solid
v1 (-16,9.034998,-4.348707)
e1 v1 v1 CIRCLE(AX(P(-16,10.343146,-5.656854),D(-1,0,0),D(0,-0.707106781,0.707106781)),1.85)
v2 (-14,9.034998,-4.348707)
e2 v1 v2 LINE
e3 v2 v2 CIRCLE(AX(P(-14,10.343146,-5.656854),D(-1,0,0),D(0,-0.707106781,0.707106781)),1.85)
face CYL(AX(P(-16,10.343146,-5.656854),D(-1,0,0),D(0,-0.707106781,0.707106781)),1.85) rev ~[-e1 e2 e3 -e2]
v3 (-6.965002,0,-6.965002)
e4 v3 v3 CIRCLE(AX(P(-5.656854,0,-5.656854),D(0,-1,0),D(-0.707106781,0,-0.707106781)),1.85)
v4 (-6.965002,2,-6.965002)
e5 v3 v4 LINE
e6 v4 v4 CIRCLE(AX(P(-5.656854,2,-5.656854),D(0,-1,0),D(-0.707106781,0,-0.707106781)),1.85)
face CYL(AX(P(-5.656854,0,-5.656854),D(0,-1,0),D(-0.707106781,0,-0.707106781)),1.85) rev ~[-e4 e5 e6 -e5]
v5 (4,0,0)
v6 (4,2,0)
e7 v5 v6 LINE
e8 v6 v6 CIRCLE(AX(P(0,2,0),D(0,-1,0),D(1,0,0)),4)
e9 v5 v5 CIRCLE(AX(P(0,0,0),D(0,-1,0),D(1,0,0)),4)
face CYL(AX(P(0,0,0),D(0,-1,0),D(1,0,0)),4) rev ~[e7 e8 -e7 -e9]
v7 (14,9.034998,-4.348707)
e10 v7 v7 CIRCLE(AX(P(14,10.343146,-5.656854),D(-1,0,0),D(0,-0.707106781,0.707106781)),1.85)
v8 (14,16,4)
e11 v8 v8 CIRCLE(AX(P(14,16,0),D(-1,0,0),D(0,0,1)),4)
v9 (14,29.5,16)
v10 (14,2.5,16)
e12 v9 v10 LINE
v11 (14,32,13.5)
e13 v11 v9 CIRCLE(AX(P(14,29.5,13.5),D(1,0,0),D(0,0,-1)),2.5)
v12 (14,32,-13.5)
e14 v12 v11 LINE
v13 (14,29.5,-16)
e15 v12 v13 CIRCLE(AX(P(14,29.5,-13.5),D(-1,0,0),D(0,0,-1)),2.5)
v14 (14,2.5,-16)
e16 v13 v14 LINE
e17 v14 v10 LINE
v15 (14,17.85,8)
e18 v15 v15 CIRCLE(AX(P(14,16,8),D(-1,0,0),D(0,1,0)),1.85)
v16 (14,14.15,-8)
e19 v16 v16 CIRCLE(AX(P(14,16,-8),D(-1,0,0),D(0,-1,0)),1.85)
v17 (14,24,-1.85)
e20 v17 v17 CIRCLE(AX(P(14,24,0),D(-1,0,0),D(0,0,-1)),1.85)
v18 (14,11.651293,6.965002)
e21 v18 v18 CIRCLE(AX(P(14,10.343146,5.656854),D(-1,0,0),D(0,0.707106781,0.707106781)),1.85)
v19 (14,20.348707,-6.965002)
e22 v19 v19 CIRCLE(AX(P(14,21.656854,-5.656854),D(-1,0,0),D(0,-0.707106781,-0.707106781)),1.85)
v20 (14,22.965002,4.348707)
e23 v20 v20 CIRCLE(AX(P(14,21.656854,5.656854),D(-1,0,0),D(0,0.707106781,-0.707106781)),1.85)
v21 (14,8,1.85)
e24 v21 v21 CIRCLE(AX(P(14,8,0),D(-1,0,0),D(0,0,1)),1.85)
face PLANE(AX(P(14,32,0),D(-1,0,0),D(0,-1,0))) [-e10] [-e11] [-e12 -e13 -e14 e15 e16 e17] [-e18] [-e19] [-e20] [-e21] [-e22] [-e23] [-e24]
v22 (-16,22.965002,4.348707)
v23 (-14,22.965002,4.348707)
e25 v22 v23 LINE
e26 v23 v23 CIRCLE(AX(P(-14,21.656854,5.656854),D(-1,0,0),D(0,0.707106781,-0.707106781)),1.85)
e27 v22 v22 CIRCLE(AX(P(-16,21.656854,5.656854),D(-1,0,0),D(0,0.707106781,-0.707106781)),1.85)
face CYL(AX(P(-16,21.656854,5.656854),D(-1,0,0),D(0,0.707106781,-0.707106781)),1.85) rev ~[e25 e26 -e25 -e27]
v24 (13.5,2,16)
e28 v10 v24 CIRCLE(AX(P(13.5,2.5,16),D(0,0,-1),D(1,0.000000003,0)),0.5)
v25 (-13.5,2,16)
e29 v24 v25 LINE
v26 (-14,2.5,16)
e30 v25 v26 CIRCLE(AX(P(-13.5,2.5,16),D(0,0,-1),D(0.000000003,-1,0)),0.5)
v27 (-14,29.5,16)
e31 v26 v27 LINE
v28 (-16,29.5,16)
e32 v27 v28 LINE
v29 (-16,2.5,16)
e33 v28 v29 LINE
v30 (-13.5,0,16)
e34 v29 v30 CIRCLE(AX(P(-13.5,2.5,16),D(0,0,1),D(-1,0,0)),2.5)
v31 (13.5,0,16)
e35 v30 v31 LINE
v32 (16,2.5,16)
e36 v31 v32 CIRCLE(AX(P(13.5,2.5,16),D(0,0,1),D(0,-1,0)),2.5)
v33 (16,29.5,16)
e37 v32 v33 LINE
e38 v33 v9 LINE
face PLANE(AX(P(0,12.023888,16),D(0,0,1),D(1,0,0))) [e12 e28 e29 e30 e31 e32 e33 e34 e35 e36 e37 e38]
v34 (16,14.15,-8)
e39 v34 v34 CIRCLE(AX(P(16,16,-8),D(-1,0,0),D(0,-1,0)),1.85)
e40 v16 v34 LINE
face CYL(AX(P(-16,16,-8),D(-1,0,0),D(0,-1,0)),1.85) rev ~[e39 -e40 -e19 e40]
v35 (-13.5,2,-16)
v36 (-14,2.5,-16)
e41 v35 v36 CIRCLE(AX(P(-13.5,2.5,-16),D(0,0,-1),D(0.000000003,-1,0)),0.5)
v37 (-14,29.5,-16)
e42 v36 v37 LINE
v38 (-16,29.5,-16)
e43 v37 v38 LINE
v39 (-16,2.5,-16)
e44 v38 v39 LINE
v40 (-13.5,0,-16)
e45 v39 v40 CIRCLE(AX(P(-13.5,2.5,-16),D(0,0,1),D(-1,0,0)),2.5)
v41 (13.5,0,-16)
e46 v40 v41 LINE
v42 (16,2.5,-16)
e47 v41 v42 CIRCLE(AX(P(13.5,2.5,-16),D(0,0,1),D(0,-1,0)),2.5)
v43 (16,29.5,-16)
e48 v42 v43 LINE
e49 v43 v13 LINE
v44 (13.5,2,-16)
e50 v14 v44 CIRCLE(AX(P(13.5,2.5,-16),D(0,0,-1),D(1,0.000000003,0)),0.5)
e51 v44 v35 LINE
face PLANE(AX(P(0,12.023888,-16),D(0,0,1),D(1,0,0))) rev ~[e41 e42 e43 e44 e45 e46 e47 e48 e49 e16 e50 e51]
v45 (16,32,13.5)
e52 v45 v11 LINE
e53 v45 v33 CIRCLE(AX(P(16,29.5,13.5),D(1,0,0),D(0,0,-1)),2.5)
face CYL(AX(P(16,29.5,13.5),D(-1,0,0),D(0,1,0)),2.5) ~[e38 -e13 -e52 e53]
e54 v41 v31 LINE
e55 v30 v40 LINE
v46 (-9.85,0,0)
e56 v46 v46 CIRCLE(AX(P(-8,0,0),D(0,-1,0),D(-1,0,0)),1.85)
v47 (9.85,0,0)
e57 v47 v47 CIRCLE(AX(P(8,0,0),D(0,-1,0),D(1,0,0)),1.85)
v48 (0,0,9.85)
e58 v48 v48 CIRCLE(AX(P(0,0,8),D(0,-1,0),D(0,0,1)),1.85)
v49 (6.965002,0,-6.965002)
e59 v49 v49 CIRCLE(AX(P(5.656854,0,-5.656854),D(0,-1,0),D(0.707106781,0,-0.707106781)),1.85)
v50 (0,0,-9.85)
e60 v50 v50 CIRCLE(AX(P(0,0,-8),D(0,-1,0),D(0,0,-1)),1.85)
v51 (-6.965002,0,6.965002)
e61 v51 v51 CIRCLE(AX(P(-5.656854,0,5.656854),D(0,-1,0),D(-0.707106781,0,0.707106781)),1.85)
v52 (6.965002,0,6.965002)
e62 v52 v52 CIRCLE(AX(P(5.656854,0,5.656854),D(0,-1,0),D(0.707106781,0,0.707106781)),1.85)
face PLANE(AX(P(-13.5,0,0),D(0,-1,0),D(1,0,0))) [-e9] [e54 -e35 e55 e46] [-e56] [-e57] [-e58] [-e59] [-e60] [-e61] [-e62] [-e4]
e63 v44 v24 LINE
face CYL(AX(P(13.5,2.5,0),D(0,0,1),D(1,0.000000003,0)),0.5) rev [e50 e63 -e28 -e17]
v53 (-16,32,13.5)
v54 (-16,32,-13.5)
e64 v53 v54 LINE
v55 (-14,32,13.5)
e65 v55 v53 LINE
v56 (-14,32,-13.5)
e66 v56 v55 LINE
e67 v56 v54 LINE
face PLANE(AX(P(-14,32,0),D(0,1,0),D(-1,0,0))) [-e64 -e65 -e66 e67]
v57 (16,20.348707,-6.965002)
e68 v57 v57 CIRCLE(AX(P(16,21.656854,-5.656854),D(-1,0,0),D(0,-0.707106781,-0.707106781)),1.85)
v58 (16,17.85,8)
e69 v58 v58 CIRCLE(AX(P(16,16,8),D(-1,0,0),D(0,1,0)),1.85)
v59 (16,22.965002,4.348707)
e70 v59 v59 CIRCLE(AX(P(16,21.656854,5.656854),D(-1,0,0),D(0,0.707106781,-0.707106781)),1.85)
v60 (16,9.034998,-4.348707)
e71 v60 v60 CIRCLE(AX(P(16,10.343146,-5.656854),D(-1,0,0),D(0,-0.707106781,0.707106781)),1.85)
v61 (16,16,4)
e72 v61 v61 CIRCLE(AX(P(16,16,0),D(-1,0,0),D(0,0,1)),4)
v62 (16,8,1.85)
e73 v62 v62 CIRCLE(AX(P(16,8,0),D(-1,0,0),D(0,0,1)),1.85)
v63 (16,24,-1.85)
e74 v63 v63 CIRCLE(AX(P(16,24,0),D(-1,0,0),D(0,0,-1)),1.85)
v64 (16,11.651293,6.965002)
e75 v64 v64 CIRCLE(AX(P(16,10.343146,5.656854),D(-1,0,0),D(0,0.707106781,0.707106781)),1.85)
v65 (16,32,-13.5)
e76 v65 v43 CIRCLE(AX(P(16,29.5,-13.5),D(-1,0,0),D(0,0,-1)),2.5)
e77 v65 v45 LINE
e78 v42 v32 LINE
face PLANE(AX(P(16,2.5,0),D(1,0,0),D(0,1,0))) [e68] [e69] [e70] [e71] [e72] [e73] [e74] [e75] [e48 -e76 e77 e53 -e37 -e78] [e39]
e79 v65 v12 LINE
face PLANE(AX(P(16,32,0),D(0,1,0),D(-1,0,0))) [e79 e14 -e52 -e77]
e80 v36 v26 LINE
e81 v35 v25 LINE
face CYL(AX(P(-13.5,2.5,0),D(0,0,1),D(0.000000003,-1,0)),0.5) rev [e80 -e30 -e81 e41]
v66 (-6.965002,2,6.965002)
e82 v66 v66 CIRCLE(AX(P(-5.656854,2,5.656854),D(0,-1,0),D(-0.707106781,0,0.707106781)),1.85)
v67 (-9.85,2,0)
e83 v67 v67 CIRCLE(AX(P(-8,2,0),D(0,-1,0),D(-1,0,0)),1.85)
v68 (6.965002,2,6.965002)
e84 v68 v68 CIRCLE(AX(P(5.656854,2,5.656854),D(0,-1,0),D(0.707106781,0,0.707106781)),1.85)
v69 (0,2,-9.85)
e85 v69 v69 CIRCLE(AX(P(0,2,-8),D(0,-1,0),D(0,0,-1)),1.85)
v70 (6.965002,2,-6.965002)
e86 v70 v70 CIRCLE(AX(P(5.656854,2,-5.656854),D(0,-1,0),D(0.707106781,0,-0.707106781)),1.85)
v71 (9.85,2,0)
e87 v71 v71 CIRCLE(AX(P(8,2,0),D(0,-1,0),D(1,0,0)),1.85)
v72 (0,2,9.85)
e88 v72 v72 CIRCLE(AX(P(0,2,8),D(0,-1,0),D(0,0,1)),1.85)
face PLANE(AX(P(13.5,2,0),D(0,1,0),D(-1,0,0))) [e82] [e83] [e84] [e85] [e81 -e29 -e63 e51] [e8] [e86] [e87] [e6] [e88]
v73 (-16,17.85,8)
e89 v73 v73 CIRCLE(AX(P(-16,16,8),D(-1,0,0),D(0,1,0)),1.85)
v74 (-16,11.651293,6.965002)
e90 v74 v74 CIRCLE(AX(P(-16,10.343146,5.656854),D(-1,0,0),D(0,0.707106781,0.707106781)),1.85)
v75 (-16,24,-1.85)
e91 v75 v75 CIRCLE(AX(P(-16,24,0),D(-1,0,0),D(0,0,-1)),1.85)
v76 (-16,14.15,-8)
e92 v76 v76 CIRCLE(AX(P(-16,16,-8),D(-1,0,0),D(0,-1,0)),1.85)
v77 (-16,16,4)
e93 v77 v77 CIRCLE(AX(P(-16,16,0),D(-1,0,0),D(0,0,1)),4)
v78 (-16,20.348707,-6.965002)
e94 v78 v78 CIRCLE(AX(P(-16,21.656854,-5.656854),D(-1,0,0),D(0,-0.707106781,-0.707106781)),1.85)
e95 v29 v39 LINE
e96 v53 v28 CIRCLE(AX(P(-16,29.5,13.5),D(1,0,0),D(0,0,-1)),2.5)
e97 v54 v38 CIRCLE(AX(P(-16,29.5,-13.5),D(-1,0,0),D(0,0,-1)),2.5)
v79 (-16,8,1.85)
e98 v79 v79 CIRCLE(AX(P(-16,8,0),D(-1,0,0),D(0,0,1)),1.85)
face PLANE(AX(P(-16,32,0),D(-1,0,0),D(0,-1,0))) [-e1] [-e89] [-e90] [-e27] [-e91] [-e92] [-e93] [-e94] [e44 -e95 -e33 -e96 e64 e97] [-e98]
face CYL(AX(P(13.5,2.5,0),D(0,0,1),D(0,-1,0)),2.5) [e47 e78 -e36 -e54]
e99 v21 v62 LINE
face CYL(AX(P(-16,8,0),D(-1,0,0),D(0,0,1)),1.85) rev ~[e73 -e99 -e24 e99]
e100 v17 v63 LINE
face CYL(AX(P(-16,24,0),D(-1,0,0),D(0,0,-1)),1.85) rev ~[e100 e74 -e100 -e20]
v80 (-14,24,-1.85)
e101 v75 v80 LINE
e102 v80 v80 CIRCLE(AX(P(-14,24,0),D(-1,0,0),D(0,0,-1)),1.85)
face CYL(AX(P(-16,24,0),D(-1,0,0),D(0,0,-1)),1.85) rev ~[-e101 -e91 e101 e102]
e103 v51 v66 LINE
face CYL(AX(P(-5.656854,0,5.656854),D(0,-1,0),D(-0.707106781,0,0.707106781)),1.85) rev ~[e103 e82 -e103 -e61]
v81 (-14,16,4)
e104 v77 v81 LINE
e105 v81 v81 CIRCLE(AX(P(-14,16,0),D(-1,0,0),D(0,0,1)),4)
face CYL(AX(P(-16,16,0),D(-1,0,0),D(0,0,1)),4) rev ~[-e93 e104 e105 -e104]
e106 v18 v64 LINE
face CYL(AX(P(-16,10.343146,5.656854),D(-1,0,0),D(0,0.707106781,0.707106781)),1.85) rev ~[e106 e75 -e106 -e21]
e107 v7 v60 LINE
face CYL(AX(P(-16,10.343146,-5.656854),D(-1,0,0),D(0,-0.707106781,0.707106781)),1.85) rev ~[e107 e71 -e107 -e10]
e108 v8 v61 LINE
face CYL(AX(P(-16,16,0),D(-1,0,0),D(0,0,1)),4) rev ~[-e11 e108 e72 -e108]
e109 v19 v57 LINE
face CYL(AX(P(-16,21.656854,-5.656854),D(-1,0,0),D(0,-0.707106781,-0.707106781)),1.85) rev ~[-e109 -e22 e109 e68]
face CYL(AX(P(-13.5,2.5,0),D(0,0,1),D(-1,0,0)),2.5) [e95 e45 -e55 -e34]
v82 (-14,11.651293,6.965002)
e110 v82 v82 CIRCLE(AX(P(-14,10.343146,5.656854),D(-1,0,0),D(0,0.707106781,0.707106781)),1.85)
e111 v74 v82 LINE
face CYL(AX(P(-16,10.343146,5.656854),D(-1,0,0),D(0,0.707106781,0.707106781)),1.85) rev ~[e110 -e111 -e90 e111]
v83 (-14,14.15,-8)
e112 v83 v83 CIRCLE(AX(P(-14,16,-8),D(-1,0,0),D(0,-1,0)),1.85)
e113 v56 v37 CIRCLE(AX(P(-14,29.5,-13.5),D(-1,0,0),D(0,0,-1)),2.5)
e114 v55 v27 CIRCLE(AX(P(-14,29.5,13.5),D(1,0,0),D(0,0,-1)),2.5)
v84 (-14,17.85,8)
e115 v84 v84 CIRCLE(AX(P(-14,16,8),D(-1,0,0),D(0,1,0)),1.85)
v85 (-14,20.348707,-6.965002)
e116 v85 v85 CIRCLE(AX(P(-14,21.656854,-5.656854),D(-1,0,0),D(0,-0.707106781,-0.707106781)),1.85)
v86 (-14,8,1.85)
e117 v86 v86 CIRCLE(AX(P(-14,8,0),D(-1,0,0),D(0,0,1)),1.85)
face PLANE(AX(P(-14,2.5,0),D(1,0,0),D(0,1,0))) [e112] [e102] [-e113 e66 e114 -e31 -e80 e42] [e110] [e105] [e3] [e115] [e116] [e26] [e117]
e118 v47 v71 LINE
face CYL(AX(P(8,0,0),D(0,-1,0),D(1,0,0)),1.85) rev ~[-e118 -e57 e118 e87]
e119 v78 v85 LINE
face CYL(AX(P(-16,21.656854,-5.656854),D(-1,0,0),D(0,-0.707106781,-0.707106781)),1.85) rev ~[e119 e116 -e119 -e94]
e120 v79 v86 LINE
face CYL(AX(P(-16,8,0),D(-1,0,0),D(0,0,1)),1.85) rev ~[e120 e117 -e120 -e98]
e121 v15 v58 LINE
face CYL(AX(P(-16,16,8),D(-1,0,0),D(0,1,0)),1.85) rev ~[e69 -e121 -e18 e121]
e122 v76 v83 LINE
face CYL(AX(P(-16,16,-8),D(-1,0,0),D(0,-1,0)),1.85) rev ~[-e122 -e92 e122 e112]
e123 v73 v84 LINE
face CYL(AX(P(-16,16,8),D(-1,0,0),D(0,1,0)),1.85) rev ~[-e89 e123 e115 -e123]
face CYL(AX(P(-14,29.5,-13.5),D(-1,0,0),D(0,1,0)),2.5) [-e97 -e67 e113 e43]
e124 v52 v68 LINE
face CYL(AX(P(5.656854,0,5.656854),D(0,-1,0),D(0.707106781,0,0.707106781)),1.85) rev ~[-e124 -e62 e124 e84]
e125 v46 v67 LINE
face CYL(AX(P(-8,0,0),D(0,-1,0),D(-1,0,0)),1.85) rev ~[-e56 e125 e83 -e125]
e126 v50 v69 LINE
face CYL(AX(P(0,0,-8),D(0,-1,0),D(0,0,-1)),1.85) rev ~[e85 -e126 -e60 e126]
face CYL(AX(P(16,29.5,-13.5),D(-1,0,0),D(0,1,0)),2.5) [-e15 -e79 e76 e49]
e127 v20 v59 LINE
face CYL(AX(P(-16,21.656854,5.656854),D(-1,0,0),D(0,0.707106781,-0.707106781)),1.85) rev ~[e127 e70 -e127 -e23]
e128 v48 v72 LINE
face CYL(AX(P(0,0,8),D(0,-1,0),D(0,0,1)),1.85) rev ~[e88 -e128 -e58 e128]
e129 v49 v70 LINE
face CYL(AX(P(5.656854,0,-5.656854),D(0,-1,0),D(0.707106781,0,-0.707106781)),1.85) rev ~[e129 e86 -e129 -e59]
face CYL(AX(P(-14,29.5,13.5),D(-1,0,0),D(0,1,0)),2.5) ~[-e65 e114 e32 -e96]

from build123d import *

# Parameters (mm, degrees)
EXTRUDE1_DEPTH     = 16
FILLET1_R          = 2.5
SKETCH2_R          = 4
CUT_EXTRUDE1_DEPTH = 33
SKETCH3_R          = 4
CUT_EXTRUDE3_DEPTH = 33
SKETCH3_3_R        = 1.85
CUT_EXTRUDE4_DEPTH = 33
SKETCH2_4_R        = 1.85
CUT_EXTRUDE2_DEPTH = 33
CIRPATTERN1_COUNT  = 8
CIRPATTERN3_COUNT  = 8


with BuildPart() as part:
    # Sketch1 → Extrude1 (new body, symmetric)
    with BuildSketch(Plane.XY):
        with BuildLine():
            Line((-13.5, 0), (13.5, 0))
            ThreePointArc((13.5, 0), (15.267766953, 0.732233047), (16, 2.5))
            Line((16, 2.5), (16, 32))
            Line((16, 32), (14, 32))
            Line((14, 32), (14, 2.5))
            ThreePointArc((14, 2.5), (13.853553391, 2.146446609), (13.5, 2))
            Line((13.5, 2), (-13.5, 2))
            ThreePointArc((-13.5, 2), (-13.853553391, 2.146446609), (-14, 2.5))
            Line((-14, 2.5), (-14, 32))
            Line((-14, 32), (-16, 32))
            Line((-16, 32), (-16, 2.5))
            ThreePointArc((-16, 2.5), (-15.267766953, 0.732233047), (-13.5, 0))
        make_face()
    extrude(amount=EXTRUDE1_DEPTH, both=True)

    # Fillet1
    fillet1_edges = [part.edges().sort_by_distance(p)[0] for p in [
        (-15, 32, -16),
        (-15, 32, 16),
        (15, 32, -16),
        (15, 32, 16),
    ]]
    fillet(fillet1_edges, radius=FILLET1_R)

    # Sketch2 → Cut-Extrude1 (cut, through all)
    with BuildSketch(Plane.XZ):
        Circle(SKETCH2_R)
    extrude(amount=-CUT_EXTRUDE1_DEPTH, mode=Mode.SUBTRACT)

    # Sketch3 → Cut-Extrude3 (cut, through all)
    with BuildSketch(Plane.ZY.offset(16)):
        with Locations((0, 16)):
            Circle(SKETCH3_R)
    extrude(amount=-CUT_EXTRUDE3_DEPTH, mode=Mode.SUBTRACT)

    # Sketch3<3> → Cut-Extrude4 (cut, through all)
    with BuildSketch(Plane.ZY.offset(16)):
        with Locations((0, 8)):
            Circle(SKETCH3_3_R)
    cut_extrude4 = extrude(amount=-CUT_EXTRUDE4_DEPTH, mode=Mode.SUBTRACT)

    # Sketch2<4> → Cut-Extrude2 (cut, through all)
    with BuildSketch(Plane.XZ):
        with Locations((8, 0)):
            Circle(SKETCH2_4_R)
    cut_extrude2 = extrude(amount=-CUT_EXTRUDE2_DEPTH, mode=Mode.SUBTRACT)

    # CirPattern1: Cut-Extrude2 ×8 about axis
    cirpattern1_axis = Axis((0, 0, 0), (0, 1, 0))
    for i in range(1, CIRPATTERN1_COUNT):
        add(cut_extrude2.rotate(cirpattern1_axis, i * 360 / CIRPATTERN1_COUNT), mode=Mode.SUBTRACT)

    # CirPattern3: Cut-Extrude4 ×8 about axis
    cirpattern3_axis = Axis((0, 16, 0), (1, 0, 0))
    for i in range(1, CIRPATTERN3_COUNT):
        add(cut_extrude4.rotate(cirpattern3_axis, i * 360 / CIRPATTERN3_COUNT), mode=Mode.SUBTRACT)


solid = part.part
